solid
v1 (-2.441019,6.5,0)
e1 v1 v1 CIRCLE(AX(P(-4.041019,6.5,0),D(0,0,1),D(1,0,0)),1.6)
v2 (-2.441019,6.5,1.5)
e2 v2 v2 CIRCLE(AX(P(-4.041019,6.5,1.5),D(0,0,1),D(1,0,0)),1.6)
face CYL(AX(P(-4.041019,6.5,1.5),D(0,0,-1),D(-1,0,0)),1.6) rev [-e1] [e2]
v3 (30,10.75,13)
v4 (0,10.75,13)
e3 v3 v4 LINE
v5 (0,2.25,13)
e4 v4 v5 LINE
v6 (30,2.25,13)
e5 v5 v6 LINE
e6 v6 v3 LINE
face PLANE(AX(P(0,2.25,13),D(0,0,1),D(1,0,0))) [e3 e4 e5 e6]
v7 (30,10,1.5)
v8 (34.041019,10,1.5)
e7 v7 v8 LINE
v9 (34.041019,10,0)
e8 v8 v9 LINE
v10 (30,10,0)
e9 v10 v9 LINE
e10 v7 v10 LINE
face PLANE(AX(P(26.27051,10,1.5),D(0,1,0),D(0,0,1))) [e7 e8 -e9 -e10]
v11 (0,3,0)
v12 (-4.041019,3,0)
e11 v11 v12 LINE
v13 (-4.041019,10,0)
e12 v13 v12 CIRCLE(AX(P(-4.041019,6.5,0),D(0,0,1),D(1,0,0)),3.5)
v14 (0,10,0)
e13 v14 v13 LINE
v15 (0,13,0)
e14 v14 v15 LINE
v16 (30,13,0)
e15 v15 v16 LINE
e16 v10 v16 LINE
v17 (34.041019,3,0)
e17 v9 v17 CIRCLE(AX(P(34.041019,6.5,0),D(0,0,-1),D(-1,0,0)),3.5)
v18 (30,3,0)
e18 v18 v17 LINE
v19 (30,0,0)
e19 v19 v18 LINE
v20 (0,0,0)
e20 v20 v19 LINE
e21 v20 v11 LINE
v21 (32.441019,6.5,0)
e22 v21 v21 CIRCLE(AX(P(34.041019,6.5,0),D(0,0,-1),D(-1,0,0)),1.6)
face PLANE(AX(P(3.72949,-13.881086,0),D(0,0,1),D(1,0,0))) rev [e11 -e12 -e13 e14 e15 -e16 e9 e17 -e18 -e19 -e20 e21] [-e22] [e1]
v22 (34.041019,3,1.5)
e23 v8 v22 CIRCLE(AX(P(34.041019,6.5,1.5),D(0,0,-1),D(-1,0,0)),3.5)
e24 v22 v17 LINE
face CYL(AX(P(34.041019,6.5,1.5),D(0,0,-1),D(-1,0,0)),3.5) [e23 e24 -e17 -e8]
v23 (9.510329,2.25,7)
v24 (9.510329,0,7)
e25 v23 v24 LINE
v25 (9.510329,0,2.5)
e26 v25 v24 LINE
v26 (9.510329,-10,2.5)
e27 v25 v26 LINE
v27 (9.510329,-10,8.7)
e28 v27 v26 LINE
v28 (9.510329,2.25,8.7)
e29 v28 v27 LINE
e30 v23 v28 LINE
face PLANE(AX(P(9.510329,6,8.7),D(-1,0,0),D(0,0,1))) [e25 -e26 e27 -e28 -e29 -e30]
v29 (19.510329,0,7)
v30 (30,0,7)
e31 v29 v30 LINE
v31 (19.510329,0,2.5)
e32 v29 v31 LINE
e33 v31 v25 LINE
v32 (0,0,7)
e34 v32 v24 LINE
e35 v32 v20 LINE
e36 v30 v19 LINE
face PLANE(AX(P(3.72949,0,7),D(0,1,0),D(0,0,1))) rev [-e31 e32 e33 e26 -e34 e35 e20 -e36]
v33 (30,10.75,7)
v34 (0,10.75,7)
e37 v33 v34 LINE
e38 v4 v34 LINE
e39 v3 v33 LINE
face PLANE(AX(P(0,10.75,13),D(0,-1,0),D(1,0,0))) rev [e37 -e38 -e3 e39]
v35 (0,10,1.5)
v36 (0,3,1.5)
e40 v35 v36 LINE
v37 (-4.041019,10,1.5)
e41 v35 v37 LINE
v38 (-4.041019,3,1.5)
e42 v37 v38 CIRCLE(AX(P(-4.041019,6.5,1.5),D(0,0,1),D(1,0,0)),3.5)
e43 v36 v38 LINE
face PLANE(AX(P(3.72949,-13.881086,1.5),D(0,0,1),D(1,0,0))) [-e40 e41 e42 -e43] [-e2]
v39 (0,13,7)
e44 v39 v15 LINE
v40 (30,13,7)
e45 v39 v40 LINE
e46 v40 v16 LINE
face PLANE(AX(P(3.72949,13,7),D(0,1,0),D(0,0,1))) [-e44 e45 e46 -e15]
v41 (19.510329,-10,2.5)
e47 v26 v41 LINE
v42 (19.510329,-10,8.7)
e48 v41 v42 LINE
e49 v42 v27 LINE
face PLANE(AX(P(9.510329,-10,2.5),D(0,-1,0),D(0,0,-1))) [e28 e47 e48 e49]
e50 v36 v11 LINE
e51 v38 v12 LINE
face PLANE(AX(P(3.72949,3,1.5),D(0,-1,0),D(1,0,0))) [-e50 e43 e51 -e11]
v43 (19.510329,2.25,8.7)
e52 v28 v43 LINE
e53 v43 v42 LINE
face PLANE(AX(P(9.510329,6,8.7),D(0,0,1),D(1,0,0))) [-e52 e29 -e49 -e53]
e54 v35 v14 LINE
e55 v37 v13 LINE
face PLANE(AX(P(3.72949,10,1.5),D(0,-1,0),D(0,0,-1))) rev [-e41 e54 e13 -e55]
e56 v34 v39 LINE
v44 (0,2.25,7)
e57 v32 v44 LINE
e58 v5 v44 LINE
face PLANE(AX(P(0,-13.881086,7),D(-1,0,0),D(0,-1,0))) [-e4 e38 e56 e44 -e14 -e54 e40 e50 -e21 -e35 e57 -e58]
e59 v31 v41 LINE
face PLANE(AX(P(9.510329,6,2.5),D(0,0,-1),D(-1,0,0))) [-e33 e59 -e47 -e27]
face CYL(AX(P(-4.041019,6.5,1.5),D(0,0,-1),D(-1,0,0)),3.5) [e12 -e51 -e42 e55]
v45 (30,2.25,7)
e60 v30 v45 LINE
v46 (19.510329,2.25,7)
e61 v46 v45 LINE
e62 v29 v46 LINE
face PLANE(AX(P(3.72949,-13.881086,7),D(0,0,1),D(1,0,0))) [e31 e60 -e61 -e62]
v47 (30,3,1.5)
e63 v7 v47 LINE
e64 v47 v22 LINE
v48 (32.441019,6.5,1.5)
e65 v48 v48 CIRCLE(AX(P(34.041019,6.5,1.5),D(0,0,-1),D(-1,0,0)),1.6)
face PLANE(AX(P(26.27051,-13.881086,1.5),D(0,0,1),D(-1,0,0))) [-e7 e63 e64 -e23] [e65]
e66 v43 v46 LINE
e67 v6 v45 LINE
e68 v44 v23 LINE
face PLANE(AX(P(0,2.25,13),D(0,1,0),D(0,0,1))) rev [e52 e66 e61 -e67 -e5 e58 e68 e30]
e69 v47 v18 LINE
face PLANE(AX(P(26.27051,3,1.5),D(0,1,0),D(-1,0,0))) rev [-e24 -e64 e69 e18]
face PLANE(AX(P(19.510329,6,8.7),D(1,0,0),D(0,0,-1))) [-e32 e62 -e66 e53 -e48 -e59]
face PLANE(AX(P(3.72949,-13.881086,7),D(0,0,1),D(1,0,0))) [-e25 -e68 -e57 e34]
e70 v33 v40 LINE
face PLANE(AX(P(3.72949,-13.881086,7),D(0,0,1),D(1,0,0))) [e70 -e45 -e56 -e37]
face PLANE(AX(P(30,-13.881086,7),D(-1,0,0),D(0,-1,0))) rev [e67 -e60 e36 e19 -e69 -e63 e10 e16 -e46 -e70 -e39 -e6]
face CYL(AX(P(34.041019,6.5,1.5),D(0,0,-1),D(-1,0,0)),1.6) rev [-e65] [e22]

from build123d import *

# Parameters (mm, degrees)
BOSS_EXTRUDE1_DEPTH      = 7
SKETCH1_3_R              = 1.6
BOSS_EXTRUDE2_DEPTH      = 1.5
SKETCH2_W                = 30
SKETCH2_H                = 8.5
BOSS_EXTRUDE3_DEPTH      = 6
BOSS_EXTRUDE4_DEPTH      = 10
BOSS_EXTRUDE4_DEPTH_BACK = 6
SKETCH3_W                = 10
SKETCH3_H                = 6.2


with BuildPart() as part:
    # Sketch1 → Boss-Extrude1 (new body)
    with BuildSketch(Plane.XY):
        Polygon((0, 0), (15, 0), (15, 13), (0, 13), (0, 10), (0, 3), align=None)
    boss_extrude1 = extrude(amount=BOSS_EXTRUDE1_DEPTH)

    # Sketch1<3> → Boss-Extrude2 (add)
    with BuildSketch(Plane.XY):
        with BuildLine():
            Line((0, 10), (-4.041019256, 10))
            ThreePointArc((-4.041019256, 10), (-7.541019256, 6.5), (-4.041019256, 3))
            Line((-4.041019256, 3), (0, 3))
            Line((0, 3), (0, 10))
        make_face()
        with Locations((-4.041019256, 6.5)):
            Circle(SKETCH1_3_R, mode=Mode.SUBTRACT)
    boss_extrude2 = extrude(amount=BOSS_EXTRUDE2_DEPTH)

    # Mirror1: Boss-Extrude1, Boss-Extrude2 across plane
    add(boss_extrude1.mirror(Plane(origin=(15, -13.88108581, 7), x_dir=(0, 0, 1), z_dir=(-1, 0, 0))))
    add(boss_extrude2.mirror(Plane(origin=(15, -13.88108581, 7), x_dir=(0, 0, 1), z_dir=(-1, 0, 0))))

    # Sketch2 → Boss-Extrude3 (add)
    with BuildSketch(Plane.XY.offset(7)):
        with Locations((15, 6.5)):
            Rectangle(SKETCH2_W, SKETCH2_H)
    extrude(amount=BOSS_EXTRUDE3_DEPTH)

    # Sketch3 → Boss-Extrude4 (add, two sides: drawn at the far end of the back side and taken through both)
    with BuildSketch(Plane.XZ.offset(-BOSS_EXTRUDE4_DEPTH_BACK)):
        with Locations((14.510328708, 5.6)):
            Rectangle(SKETCH3_W, SKETCH3_H)
    extrude(amount=BOSS_EXTRUDE4_DEPTH + BOSS_EXTRUDE4_DEPTH_BACK)


solid = part.part
